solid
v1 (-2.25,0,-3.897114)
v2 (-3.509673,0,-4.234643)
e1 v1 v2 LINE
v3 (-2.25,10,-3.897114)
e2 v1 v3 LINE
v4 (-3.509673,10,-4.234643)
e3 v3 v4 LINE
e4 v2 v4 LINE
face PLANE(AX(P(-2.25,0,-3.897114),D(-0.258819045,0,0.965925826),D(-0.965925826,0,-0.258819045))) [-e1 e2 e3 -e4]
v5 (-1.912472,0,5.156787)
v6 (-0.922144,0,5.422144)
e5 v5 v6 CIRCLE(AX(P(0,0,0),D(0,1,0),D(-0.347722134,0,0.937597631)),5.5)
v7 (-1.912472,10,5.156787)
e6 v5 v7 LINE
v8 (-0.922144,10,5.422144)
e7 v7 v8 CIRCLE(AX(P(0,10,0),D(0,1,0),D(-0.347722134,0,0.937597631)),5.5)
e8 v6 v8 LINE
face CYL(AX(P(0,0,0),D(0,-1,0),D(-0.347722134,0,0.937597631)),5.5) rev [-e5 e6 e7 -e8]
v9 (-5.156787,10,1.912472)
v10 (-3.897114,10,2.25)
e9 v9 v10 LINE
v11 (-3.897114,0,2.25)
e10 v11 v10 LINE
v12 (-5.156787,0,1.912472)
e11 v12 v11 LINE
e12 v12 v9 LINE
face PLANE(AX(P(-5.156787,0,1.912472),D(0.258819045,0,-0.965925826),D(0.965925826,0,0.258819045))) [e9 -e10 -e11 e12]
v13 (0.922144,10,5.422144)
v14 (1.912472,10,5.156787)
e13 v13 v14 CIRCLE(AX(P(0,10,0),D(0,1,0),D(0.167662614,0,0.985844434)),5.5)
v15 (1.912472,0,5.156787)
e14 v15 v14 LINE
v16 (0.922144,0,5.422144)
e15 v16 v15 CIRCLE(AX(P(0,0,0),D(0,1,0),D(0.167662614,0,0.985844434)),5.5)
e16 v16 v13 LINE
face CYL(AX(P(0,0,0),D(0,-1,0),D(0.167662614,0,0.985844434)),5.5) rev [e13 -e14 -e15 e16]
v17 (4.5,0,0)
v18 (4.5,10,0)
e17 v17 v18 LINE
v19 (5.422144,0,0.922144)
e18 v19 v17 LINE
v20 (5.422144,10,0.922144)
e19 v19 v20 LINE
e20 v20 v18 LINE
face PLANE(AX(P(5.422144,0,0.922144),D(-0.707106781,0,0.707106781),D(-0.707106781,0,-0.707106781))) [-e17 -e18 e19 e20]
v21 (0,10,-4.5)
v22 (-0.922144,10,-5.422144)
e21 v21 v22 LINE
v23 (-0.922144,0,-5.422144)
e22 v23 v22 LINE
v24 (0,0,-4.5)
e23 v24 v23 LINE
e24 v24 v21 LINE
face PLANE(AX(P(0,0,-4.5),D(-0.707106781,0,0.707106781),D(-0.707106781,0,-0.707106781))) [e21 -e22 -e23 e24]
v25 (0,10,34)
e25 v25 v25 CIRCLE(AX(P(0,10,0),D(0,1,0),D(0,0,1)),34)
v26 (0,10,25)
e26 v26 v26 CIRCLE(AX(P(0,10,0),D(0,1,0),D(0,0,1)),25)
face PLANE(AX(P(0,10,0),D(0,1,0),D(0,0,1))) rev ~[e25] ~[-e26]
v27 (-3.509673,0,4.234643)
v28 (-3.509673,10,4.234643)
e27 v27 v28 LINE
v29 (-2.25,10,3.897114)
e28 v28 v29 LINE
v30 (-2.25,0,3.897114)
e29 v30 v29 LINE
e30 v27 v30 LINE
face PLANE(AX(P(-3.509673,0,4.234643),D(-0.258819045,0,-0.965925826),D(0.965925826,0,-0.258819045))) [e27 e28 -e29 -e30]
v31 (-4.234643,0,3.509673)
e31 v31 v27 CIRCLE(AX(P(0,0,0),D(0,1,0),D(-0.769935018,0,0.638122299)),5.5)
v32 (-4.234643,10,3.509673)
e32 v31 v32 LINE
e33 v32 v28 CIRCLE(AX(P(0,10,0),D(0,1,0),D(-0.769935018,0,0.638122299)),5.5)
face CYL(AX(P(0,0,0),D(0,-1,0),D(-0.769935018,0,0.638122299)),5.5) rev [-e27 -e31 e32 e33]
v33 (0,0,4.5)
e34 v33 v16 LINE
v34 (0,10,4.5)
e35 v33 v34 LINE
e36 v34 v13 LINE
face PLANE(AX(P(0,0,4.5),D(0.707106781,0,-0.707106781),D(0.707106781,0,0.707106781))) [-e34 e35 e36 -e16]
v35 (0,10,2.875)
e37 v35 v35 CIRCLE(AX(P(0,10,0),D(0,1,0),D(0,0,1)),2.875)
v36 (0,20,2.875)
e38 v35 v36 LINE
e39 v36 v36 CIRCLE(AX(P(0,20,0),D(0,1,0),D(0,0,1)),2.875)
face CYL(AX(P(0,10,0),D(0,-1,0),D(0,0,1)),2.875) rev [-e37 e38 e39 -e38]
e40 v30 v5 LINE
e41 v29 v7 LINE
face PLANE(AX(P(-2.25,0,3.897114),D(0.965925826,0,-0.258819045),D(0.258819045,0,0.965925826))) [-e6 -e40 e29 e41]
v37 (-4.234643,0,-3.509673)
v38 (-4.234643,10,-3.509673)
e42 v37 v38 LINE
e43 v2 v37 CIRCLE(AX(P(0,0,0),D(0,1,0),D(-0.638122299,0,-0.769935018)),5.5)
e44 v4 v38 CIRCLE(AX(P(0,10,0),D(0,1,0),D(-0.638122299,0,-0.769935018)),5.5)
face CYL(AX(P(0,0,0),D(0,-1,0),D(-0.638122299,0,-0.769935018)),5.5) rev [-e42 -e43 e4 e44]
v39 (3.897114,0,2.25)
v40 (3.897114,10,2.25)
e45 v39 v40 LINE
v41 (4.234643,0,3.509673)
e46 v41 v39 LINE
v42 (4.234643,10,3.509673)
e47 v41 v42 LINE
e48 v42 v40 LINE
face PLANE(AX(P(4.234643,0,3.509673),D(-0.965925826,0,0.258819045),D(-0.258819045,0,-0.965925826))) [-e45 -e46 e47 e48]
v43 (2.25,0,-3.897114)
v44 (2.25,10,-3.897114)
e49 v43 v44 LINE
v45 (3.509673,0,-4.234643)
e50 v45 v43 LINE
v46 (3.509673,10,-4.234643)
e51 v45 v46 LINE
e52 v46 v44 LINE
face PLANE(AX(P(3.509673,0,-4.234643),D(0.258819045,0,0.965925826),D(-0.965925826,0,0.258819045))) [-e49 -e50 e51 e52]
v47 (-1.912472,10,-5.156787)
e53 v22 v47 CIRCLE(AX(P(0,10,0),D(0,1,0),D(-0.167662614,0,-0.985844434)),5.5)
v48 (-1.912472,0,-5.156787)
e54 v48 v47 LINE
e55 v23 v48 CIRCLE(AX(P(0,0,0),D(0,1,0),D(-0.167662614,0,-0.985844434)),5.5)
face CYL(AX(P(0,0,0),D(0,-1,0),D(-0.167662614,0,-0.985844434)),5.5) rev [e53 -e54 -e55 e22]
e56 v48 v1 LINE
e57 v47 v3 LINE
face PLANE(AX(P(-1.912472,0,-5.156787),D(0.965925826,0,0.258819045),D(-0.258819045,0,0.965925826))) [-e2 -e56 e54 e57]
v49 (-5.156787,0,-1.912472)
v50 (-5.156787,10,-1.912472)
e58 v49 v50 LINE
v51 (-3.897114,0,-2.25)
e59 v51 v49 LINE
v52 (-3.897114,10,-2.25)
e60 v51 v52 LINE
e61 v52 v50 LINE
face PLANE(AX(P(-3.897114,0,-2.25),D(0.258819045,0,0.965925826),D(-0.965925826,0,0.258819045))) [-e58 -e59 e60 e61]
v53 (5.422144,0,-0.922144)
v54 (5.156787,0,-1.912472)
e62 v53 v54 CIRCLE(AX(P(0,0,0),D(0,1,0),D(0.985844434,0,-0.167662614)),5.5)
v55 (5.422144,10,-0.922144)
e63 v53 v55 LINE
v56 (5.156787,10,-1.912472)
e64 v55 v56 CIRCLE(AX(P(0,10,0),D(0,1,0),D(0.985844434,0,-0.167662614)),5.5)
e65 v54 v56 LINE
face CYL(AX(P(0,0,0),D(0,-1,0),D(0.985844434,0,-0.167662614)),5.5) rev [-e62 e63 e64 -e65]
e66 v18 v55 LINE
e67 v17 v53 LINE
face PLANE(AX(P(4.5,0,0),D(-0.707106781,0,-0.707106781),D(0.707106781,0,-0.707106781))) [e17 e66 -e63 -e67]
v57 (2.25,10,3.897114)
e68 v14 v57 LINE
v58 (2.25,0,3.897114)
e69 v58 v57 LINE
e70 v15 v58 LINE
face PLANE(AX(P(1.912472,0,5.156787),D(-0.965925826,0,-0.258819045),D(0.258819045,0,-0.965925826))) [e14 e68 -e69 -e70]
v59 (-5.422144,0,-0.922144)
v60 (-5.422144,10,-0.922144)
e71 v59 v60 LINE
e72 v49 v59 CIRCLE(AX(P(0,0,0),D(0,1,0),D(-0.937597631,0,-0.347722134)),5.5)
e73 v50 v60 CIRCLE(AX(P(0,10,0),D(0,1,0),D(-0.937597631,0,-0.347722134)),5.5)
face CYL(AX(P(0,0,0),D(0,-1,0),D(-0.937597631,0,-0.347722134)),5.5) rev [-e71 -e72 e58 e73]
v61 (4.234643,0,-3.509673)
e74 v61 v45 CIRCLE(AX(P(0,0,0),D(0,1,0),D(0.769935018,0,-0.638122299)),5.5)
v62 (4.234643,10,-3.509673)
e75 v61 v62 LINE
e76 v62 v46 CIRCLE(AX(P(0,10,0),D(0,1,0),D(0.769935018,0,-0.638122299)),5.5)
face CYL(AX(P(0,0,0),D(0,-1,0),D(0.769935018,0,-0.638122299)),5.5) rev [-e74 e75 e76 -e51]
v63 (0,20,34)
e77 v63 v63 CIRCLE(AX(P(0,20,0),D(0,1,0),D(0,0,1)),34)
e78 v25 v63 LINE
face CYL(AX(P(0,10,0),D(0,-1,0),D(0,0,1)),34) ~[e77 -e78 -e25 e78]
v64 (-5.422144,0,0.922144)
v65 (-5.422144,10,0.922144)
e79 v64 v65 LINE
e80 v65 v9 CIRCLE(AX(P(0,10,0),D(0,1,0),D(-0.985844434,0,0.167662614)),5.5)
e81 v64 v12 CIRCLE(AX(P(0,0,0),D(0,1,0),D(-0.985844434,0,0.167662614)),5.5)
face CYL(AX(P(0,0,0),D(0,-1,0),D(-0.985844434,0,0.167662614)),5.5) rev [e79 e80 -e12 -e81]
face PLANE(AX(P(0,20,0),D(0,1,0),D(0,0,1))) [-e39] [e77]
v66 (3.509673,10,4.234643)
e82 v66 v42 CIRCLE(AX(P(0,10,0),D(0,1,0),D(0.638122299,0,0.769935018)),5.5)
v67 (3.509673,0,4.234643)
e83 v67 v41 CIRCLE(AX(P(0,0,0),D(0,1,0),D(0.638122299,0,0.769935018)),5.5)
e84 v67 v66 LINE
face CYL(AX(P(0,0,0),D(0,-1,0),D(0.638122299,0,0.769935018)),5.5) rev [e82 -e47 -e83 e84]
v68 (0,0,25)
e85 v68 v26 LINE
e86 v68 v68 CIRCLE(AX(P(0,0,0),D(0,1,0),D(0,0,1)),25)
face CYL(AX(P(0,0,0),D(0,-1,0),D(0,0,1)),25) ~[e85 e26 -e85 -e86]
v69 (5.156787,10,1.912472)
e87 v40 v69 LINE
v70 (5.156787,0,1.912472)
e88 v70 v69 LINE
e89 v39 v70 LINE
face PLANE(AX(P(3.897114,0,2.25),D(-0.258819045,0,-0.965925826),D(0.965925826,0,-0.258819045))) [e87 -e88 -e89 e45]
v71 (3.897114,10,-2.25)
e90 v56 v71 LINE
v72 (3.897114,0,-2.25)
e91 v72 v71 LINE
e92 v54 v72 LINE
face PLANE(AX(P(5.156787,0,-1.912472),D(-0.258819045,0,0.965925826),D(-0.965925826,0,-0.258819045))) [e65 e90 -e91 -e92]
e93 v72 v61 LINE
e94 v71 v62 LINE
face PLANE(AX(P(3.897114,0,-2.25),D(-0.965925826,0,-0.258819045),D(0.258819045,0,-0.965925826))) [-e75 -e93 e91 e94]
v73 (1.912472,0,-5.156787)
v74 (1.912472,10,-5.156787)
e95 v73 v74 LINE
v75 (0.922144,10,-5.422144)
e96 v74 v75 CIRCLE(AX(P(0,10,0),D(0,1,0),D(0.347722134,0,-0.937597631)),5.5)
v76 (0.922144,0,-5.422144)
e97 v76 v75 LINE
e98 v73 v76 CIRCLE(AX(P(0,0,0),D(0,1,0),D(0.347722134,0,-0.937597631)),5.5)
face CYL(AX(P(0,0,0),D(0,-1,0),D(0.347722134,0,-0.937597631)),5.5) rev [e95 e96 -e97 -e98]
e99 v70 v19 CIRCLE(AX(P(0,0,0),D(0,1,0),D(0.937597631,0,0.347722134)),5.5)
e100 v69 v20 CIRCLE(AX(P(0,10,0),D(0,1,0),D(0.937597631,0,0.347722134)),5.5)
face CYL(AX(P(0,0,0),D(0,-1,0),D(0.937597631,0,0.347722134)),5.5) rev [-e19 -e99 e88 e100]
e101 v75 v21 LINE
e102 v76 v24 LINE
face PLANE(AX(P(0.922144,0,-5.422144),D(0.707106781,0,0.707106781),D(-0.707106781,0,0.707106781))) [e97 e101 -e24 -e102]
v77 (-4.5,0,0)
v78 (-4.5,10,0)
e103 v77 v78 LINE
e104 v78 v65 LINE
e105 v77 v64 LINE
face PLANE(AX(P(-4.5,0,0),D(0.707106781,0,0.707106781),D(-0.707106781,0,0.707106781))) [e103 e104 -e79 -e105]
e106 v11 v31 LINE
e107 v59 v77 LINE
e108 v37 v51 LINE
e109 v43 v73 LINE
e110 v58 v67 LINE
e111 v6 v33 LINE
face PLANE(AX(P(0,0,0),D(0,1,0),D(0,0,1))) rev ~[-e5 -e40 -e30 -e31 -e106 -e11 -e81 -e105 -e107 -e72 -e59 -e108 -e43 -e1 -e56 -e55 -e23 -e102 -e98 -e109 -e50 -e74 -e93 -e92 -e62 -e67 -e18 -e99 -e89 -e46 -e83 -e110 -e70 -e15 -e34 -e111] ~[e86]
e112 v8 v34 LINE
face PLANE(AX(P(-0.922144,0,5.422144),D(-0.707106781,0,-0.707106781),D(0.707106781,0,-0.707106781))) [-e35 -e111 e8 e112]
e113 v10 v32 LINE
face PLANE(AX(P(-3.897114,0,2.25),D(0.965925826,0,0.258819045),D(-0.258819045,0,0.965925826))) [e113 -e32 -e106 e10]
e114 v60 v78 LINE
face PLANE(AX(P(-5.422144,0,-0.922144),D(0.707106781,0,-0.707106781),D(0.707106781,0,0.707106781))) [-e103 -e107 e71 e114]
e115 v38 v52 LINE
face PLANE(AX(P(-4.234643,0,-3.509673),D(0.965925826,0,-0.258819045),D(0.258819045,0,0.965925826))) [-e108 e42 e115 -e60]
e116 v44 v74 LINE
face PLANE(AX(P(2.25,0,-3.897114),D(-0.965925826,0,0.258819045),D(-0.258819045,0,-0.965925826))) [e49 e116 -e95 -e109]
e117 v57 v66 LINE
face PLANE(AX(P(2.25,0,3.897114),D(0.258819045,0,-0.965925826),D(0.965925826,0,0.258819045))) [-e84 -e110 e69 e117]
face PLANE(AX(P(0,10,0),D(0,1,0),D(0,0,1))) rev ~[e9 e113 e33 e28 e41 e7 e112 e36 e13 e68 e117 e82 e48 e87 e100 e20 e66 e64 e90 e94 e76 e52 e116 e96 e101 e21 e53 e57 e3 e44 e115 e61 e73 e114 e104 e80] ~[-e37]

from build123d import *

# Parameters (mm, degrees)
SKETCH1_R           = 25
BOSS_EXTRUDE1_DEPTH = 10
SKETCH2_R           = 34
SKETCH2_R_2         = 2.875
BOSS_EXTRUDE2_DEPTH = 10


with BuildPart() as part:
    # Sketch1 → Boss-Extrude1 (new body)
    with BuildSketch(Plane(origin=(0, 0, 0), x_dir=(1, 0, 0), z_dir=(0, 1, 0))):
        with Locations(Location((0, 0, 0), (0, 0, 270))):
            Circle(SKETCH1_R)
        with BuildLine():
            Line((0, 4.5), (-0.922144385, 5.422144385))
            ThreePointArc((-0.922144385, 5.422144385), (-1.423504748, 5.312592045), (-1.912471729, 5.156786973))
            Line((-1.912471729, 5.156786973), (-2.25, 3.897114317))
            Line((-2.25, 3.897114317), (-3.509672656, 4.234642588))
            ThreePointArc((-3.509672656, 4.234642588), (-3.889087297, 3.889087297), (-4.234642588, 3.509672656))
            Line((-4.234642588, 3.509672656), (-3.897114317, 2.25))
            Line((-3.897114317, 2.25), (-5.156786973, 1.912471729))
            ThreePointArc((-5.156786973, 1.912471729), (-5.312592045, 1.423504748), (-5.422144385, 0.922144385))
            Line((-5.422144385, 0.922144385), (-4.5, 0))
            Line((-4.5, 0), (-5.422144385, -0.922144385))
            ThreePointArc((-5.422144385, -0.922144385), (-5.312592045, -1.423504748), (-5.156786973, -1.912471729))
            Line((-5.156786973, -1.912471729), (-3.897114317, -2.25))
            Line((-3.897114317, -2.25), (-4.234642588, -3.509672656))
            ThreePointArc((-4.234642588, -3.509672656), (-3.889087297, -3.889087297), (-3.509672656, -4.234642588))
            Line((-3.509672656, -4.234642588), (-2.25, -3.897114317))
            Line((-2.25, -3.897114317), (-1.912471729, -5.156786973))
            ThreePointArc((-1.912471729, -5.156786973), (-1.423504748, -5.312592045), (-0.922144385, -5.422144385))
            Line((-0.922144385, -5.422144385), (0, -4.5))
            Line((0, -4.5), (0.922144385, -5.422144385))
            ThreePointArc((0.922144385, -5.422144385), (1.423504748, -5.312592045), (1.912471729, -5.156786973))
            Line((1.912471729, -5.156786973), (2.25, -3.897114317))
            Line((2.25, -3.897114317), (3.509672656, -4.234642588))
            ThreePointArc((3.509672656, -4.234642588), (3.889087297, -3.889087297), (4.234642588, -3.509672656))
            Line((4.234642588, -3.509672656), (3.897114317, -2.25))
            Line((3.897114317, -2.25), (5.156786973, -1.912471729))
            ThreePointArc((5.156786973, -1.912471729), (5.312592045, -1.423504748), (5.422144385, -0.922144385))
            Line((5.422144385, -0.922144385), (4.5, 0))
            Line((4.5, 0), (5.422144385, 0.922144385))
            ThreePointArc((5.422144385, 0.922144385), (5.312592045, 1.423504748), (5.156786973, 1.912471729))
            Line((5.156786973, 1.912471729), (3.897114317, 2.25))
            Line((3.897114317, 2.25), (4.234642588, 3.509672656))
            ThreePointArc((4.234642588, 3.509672656), (3.889087297, 3.889087297), (3.509672656, 4.234642588))
            Line((3.509672656, 4.234642588), (2.25, 3.897114317))
            Line((2.25, 3.897114317), (1.912471729, 5.156786973))
            ThreePointArc((1.912471729, 5.156786973), (1.423504748, 5.312592045), (0.922144385, 5.422144385))
            Line((0.922144385, 5.422144385), (0, 4.5))
        make_face(mode=Mode.SUBTRACT)
    extrude(amount=BOSS_EXTRUDE1_DEPTH)

    # Sketch2 → Boss-Extrude2 (add)
    with BuildSketch(Plane(origin=(0, 10, 0), x_dir=(1, 0, 0), z_dir=(0, 1, 0))):
        with Locations(Location((0, 0, 0), (0, 0, 270))):
            Circle(SKETCH2_R)
        with Locations(Location((0, 0, 0), (0, 0, 270))):
            Circle(SKETCH2_R_2, mode=Mode.SUBTRACT)
    extrude(amount=BOSS_EXTRUDE2_DEPTH)


solid = part.part
